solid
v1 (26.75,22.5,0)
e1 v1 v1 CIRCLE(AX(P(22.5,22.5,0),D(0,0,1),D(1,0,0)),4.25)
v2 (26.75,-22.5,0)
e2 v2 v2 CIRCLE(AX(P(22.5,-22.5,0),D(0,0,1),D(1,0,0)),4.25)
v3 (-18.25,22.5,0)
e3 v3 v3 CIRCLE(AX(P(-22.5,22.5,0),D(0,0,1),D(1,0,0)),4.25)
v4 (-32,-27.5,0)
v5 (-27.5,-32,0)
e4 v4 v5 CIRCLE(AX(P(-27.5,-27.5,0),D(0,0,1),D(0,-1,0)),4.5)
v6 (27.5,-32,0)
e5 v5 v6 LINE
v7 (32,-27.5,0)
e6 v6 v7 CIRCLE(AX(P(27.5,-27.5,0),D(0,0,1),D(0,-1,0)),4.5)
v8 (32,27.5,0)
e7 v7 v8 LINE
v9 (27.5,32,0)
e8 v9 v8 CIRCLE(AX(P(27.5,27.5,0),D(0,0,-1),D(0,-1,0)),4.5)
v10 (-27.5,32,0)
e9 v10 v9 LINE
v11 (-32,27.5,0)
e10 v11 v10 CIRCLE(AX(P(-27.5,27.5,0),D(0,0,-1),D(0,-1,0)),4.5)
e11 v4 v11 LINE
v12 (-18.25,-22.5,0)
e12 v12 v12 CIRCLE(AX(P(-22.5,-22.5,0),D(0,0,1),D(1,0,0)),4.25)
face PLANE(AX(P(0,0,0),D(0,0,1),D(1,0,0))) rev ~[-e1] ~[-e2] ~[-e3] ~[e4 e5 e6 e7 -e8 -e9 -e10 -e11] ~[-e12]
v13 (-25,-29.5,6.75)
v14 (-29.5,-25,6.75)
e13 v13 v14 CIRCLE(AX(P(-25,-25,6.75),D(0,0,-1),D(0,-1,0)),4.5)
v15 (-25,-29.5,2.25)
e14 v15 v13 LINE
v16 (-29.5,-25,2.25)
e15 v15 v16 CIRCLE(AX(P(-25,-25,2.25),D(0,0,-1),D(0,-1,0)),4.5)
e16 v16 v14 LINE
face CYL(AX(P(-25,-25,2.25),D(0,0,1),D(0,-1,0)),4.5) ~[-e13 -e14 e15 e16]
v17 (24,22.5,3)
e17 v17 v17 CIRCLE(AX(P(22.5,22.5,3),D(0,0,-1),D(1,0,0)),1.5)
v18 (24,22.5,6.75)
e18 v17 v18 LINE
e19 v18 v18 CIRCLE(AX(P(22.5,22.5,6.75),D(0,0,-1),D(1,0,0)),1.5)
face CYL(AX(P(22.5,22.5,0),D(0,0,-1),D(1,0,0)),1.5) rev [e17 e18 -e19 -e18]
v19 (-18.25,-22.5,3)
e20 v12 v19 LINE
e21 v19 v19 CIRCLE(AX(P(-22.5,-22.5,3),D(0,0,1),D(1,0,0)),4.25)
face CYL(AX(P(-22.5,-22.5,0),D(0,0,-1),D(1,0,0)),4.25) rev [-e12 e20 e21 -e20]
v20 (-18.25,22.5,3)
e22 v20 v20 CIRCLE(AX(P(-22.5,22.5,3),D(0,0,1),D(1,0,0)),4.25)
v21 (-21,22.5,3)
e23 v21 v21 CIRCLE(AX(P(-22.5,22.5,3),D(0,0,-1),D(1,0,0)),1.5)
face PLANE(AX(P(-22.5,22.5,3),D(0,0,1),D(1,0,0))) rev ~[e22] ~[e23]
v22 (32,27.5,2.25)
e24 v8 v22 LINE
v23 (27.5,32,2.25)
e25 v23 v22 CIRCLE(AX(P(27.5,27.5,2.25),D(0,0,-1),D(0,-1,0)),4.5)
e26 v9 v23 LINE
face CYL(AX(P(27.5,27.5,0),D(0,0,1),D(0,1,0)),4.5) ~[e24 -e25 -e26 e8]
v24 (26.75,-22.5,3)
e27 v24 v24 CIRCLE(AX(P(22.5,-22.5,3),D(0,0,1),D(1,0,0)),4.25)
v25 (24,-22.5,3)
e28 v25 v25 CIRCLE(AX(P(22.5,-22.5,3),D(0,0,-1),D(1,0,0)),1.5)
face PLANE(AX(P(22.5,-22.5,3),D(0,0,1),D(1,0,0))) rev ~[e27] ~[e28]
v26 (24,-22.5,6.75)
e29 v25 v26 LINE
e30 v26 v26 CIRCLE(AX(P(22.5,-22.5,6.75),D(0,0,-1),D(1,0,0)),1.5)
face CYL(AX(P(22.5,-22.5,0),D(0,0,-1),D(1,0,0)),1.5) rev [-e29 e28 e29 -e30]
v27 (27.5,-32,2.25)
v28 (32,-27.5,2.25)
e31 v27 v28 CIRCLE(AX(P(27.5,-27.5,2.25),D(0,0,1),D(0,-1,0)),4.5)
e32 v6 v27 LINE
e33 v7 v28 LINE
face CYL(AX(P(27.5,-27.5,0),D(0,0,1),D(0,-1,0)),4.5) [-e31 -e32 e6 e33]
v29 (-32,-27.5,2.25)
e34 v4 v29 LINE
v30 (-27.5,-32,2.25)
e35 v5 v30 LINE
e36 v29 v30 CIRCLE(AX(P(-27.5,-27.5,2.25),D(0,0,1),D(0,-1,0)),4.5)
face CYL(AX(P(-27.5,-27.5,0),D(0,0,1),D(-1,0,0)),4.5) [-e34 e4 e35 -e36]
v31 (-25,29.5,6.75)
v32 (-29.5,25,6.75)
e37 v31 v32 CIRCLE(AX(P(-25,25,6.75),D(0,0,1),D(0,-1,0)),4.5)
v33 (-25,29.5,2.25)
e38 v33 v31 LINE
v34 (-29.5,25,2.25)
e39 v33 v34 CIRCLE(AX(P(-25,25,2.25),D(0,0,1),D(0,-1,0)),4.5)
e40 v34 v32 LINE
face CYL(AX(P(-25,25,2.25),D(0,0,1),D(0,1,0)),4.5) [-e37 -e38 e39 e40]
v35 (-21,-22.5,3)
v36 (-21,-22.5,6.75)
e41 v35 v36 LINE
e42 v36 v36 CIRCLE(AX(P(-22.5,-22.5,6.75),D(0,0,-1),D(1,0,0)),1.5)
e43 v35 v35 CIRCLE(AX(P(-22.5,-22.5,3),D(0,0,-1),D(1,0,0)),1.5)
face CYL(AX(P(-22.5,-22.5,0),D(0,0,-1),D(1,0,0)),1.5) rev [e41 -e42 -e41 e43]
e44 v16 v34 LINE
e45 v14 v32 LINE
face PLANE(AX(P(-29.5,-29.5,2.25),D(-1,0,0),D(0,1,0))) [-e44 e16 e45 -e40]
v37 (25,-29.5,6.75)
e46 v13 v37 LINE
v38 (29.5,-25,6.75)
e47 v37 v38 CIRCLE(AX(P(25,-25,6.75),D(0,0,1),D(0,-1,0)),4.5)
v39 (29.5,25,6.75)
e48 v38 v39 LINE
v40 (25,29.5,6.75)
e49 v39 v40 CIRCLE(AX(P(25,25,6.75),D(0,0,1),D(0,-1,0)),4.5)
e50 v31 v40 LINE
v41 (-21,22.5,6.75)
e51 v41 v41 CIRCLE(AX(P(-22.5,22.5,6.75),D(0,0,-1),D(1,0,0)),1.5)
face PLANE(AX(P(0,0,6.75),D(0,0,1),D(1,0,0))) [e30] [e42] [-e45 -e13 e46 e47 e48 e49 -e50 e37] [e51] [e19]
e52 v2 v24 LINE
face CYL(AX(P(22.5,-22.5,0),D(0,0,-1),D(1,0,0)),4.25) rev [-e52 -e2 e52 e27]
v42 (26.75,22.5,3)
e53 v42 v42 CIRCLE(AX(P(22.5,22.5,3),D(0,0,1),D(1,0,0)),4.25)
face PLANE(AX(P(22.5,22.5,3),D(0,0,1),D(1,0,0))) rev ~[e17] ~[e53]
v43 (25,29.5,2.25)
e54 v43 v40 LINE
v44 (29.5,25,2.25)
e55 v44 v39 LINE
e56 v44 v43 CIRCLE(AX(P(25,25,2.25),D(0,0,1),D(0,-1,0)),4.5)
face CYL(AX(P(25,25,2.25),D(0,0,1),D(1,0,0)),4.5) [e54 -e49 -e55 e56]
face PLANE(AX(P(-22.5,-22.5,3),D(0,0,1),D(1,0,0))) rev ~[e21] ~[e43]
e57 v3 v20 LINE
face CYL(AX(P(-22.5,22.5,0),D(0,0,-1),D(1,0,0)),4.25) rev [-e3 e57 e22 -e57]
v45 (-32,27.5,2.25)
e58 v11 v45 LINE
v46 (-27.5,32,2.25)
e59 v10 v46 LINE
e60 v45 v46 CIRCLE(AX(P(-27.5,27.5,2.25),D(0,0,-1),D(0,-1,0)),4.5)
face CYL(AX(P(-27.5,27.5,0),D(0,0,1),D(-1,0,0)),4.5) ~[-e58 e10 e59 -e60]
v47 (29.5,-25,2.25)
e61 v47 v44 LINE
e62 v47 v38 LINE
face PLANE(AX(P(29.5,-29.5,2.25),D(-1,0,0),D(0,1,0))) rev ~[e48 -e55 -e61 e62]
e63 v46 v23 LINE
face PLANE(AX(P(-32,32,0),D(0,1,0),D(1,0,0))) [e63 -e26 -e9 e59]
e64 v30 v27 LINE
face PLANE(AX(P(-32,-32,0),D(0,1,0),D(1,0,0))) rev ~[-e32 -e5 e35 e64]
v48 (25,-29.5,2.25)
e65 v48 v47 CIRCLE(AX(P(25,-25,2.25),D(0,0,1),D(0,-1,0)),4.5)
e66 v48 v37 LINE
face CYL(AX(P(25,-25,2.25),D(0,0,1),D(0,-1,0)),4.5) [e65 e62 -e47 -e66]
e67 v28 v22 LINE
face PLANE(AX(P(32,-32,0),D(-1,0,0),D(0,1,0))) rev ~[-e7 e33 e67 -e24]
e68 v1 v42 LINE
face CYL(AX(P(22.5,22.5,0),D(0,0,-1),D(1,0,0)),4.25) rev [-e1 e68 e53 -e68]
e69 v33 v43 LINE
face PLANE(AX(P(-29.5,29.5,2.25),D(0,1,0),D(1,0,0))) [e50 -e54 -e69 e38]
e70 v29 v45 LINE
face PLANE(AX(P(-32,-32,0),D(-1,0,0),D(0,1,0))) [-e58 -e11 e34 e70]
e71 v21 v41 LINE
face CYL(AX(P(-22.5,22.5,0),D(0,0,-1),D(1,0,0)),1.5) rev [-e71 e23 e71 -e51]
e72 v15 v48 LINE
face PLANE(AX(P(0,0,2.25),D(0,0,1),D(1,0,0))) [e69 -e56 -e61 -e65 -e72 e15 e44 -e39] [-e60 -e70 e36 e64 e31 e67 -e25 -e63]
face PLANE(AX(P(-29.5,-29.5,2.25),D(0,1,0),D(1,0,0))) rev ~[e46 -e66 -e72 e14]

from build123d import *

# Parameters (mm, degrees)
SKETCH_W        = 64
SKETCH_H        = 64
PAD_DEPTH       = 2.25
SKETCH001_W     = 59
SKETCH001_H     = 59
PAD001_DEPTH    = 4.5
SKETCH002_R     = 1.5
POCKET_DEPTH    = 6.751
SKETCH003_R     = 4.25
POCKET001_DEPTH = 3
FILLET_R        = 4.5


with BuildPart() as part:
    # Sketch → Pad (new body)
    with BuildSketch(Plane.XY):
        Rectangle(SKETCH_W, SKETCH_H)
    extrude(amount=PAD_DEPTH)

    # Sketch001 (on Face6 of Pad) → Pad001 (join)
    with BuildSketch(Plane.XY.offset(2.25)):
        Rectangle(SKETCH001_W, SKETCH001_H)
    extrude(amount=PAD001_DEPTH)

    # Sketch002 → Pocket (cut, through all)
    with BuildSketch(Plane.XY):
        with Locations((-22.5, 22.5)):
            Circle(SKETCH002_R)
        with Locations((22.5, 22.5)):
            Circle(SKETCH002_R)
        with Locations((22.5, -22.5)):
            Circle(SKETCH002_R)
        with Locations((-22.5, -22.5)):
            Circle(SKETCH002_R)
    extrude(amount=POCKET_DEPTH, mode=Mode.SUBTRACT)

    # Sketch003 → Pocket001 (cut)
    with BuildSketch(Plane.XY):
        with Locations((-22.5, 22.5)):
            Circle(SKETCH003_R)
        with Locations((22.5, 22.5)):
            Circle(SKETCH003_R)
        with Locations((22.5, -22.5)):
            Circle(SKETCH003_R)
        with Locations((-22.5, -22.5)):
            Circle(SKETCH003_R)
    extrude(amount=POCKET001_DEPTH, mode=Mode.SUBTRACT)

    # Fillet
    fillet_edges = [part.edges().sort_by_distance(p)[0] for p in [
        (29.5, -29.5, 4.5),
        (32, -32, 1.125),
        (29.5, 29.5, 4.5),
        (32, 32, 1.125),
        (-29.5, -29.5, 4.5),
        (-32, -32, 1.125),
        (-29.5, 29.5, 4.5),
        (-32, 32, 1.125),
    ]]
    fillet(fillet_edges, radius=FILLET_R)


solid = part.part
